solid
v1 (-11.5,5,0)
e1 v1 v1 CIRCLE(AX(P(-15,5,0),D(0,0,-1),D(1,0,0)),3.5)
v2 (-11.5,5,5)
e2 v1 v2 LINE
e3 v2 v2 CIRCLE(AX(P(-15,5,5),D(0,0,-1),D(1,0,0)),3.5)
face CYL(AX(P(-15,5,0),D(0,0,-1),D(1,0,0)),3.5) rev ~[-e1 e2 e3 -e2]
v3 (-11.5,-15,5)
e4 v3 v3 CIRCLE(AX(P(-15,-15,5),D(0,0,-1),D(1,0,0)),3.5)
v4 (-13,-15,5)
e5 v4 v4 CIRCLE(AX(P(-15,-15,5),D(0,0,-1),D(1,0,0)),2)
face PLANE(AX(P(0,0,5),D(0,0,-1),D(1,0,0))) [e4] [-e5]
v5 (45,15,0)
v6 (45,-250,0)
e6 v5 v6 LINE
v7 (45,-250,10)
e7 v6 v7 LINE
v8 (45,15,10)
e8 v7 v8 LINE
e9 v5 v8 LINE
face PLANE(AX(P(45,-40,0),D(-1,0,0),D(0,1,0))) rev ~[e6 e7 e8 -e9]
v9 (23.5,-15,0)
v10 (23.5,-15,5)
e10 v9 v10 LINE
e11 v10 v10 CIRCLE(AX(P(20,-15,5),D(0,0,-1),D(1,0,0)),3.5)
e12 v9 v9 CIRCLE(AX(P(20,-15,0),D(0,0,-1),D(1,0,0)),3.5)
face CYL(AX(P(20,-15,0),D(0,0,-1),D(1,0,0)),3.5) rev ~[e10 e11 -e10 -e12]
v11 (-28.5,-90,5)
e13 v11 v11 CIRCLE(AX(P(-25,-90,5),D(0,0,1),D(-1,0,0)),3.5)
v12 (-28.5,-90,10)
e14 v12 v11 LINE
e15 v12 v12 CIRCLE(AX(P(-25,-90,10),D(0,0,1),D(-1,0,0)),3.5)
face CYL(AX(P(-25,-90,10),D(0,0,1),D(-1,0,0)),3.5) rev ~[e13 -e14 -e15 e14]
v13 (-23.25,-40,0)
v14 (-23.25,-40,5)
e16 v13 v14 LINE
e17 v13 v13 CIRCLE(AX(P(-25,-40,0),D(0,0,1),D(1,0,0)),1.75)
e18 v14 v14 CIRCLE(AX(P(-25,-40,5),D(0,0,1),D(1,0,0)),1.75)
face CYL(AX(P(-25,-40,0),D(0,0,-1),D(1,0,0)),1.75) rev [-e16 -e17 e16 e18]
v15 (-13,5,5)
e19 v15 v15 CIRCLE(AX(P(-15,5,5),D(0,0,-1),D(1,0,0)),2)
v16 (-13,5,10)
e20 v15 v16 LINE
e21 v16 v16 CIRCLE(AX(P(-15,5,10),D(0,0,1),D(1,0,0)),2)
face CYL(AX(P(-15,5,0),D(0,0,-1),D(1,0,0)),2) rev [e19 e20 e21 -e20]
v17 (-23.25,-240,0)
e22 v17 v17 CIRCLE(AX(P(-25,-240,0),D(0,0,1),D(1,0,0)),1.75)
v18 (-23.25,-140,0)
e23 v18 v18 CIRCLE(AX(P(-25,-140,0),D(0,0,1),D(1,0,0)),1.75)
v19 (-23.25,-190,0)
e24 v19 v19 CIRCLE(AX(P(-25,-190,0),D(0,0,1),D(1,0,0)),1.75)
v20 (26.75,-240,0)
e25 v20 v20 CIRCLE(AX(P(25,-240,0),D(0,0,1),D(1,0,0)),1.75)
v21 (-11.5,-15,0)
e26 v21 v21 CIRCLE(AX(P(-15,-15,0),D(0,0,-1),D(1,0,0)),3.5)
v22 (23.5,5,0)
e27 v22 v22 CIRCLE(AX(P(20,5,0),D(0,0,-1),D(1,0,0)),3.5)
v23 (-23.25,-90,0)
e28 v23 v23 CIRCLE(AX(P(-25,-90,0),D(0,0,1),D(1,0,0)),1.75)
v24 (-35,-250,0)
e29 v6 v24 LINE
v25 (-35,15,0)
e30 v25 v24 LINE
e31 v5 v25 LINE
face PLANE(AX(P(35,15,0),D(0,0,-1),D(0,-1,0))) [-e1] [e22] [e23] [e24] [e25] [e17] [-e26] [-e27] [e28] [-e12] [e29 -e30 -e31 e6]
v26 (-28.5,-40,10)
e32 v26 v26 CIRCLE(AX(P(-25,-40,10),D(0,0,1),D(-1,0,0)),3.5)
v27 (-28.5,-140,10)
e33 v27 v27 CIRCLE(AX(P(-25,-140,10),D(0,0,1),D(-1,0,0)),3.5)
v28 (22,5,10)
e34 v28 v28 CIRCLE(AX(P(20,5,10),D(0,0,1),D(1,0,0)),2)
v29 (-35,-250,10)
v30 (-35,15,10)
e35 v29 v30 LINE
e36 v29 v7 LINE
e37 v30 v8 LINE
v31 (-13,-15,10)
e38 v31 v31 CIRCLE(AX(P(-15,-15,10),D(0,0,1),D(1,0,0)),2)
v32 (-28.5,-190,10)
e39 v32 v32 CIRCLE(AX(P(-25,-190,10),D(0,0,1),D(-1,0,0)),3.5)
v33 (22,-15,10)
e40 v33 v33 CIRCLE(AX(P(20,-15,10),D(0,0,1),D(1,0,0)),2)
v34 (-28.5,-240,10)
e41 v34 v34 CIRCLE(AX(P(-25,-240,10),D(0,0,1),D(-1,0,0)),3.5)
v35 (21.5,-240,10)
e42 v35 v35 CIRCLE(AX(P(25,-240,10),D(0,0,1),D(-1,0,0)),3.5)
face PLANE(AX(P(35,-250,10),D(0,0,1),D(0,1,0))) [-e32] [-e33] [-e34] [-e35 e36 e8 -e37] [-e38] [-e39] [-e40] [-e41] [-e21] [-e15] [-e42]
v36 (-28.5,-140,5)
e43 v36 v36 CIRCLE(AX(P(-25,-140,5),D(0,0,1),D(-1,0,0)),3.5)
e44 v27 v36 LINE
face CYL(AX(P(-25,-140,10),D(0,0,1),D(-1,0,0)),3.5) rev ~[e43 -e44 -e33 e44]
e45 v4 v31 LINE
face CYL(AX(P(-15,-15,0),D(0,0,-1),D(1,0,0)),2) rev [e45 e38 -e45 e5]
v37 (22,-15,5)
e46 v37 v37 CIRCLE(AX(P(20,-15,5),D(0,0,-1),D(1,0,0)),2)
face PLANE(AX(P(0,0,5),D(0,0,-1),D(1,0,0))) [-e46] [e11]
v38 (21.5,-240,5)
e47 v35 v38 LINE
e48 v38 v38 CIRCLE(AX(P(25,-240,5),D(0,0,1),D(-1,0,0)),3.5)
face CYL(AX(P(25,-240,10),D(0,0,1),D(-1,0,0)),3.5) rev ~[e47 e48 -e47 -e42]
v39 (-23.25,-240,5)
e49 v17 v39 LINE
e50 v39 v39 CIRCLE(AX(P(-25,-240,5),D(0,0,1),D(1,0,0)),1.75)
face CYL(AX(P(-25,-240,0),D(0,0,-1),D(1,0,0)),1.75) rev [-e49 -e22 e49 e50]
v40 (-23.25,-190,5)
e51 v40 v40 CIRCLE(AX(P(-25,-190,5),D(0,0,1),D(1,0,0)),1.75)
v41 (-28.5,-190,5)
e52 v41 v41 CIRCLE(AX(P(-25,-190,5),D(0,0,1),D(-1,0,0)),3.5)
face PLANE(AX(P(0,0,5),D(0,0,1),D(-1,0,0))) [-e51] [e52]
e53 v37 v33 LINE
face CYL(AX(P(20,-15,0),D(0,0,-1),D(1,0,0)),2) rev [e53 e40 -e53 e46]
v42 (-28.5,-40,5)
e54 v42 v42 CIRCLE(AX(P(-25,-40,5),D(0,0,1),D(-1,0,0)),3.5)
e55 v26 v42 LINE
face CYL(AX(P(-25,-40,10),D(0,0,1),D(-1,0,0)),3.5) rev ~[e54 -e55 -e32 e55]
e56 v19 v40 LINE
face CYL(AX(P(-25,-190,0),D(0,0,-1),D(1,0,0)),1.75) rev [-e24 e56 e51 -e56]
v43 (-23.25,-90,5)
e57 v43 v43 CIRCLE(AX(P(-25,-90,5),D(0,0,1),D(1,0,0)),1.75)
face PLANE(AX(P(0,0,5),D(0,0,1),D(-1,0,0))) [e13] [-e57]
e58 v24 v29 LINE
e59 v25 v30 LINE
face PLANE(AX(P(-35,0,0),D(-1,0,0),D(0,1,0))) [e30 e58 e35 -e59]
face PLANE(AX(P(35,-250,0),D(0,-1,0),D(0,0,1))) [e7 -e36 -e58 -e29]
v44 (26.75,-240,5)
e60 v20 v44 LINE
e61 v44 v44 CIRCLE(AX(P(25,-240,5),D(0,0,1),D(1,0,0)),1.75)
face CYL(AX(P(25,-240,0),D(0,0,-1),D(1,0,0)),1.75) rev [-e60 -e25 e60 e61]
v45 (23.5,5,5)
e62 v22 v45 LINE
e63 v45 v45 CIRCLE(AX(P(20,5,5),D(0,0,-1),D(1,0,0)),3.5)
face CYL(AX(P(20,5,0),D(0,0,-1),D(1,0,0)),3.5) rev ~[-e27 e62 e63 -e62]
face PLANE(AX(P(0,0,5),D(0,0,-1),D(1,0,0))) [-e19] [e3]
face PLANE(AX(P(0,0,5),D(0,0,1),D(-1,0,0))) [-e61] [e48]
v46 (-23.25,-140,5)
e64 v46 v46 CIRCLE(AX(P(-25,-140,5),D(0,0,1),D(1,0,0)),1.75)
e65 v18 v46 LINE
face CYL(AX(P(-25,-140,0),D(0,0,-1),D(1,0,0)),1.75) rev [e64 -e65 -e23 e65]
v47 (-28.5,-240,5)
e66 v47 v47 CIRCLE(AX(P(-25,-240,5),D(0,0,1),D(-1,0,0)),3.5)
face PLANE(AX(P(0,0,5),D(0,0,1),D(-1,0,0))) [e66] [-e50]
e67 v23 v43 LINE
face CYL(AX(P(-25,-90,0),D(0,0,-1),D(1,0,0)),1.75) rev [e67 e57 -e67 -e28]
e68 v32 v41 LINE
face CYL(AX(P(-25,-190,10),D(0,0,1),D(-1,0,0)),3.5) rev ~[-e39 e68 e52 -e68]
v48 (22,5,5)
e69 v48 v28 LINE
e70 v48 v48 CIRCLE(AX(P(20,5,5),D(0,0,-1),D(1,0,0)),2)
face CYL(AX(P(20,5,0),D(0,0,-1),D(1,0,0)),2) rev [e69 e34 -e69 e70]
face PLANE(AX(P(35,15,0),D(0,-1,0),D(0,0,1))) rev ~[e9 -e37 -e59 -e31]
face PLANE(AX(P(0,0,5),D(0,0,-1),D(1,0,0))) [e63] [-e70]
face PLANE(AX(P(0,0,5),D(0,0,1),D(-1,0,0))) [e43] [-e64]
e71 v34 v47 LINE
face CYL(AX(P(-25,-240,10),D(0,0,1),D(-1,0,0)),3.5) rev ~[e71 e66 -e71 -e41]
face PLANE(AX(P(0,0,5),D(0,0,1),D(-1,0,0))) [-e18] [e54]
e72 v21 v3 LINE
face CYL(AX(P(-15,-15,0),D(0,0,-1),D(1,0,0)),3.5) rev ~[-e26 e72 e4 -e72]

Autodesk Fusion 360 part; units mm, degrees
sketch "Szkic1" plane through (0, 0, 0) normal (0, 0, 1) x (1, 0, 0)
  circle A0 centre (-15, -15) radius 2
  circle A1 centre (-15, 5) radius 2
  circle A2 centre (20, 5) radius 2
  circle A3 centre (-15, 5) radius 2
  line L0 (-35, 0) -> (-35, 15)
  line L1 (-10, -40) -> (-35, -40)
  circle A4 centre (20, -15) radius 2
  line L2 (-35, -40) -> (35, -40)
  circle A5 centre (-15, -15) radius 2
  line L3 (-35, 15) -> (-10, 15)
  line L4 (35, -40) -> (35, 15)
  line L5 (-35, -40) -> (-35, 0)
  line L6 (-35, 15) -> (-35, -40)
  line L7 (35, 15) -> (-35, 15)
  line L8 (-10, 15) -> (-10, -40)
  line L9 (-35, -40) -> (-35, -250)
  line L10 (35, -40) -> (35, -250)
  line L11 (-35, -250) -> (35, -250)
  circle A6 centre (-25, -240) radius 1.75
  circle A7 centre (25, -240) radius 1.75
  circle A8 centre (-25, -190) radius 1.75
  circle A9 centre (-25, -140) radius 1.75
  circle A10 centre (-25, -90) radius 1.75
  circle A11 centre (-25, -40) radius 1.75
  dimension "d10" = 4
  dimension "d11" = 4
  dimension "d12" = 4
  dimension "d13" = 210
  dimension "d14" = 210
  dimension "d15" = 3.5
  dimension "d16" = 3.5
  dimension "d17" = 3.5
  dimension "d18" = 3.5
  dimension "d19" = 3.5
  dimension "d20" = 3.5
extrude "Wyciągnięcie proste1" add sketch "Szkic1" along normal blind 10 contours L0 L1 L2 L3 L5 L6 L7 L8 A11 | L1 L2 L9 L10 L11 A11 | L2 L4 L7 L8
extrude "Wyciągnięcie proste2" add 2 faces at (35, -110, 6.6667) (35, -21.6667, 3.3333) along direction (1, 0, 0) blind 10
sketch "Szkic2" plane through (0, 0, 0) normal (0, 0, -1) x (1, 0, 0)
  circle A0 centre (-25, 240) radius 1.75
  circle A1 centre (-25, 190) radius 1.75
  circle A2 centre (-25, 40) radius 1.75
  circle A3 centre (25, 240) radius 1.75
  circle A4 centre (20, -5) radius 2
  circle A5 centre (-25, 90) radius 1.75
  circle A6 centre (-15, 15) radius 2
  circle A7 centre (-25, 140) radius 1.75
  circle A8 centre (-15, -5) radius 2
  circle A9 centre (20, 15) radius 2
  line L0 (45, 250) -> (-35, 250)
  line L1 (-35, 250) -> (-35, -15)
  line L2 (-35, -15) -> (45, -15)
  line L3 (45, -15) -> (45, 250)
  circle A10 centre (-15, -5) radius 3.5
  circle A11 centre (20, -5) radius 3.5
  circle A12 centre (-15, 15) radius 3.5
  circle A13 centre (20, 15) radius 3.5
  dimension "d25" = 7
  dimension "d26" = 7
  dimension "d27" = 7
  dimension "d28" = 7
extrude "Wyciągnięcie proste3" cut sketch "Szkic2" against normal blind 5 contours A10 | A11 | A12 | A13
sketch "Szkic3" plane through (0, 0, 10) normal (0, 0, 1) x (-1, 0, 0)
  circle A0 centre (25, 240) radius 1.75
  circle A1 centre (25, 190) radius 1.75
  circle A2 centre (25, 40) radius 1.75
  circle A3 centre (-25, 240) radius 1.75
  circle A4 centre (-20, -5) radius 2
  circle A5 centre (25, 90) radius 1.75
  circle A6 centre (15, 15) radius 2
  circle A7 centre (25, 140) radius 1.75
  circle A8 centre (15, -5) radius 2
  circle A9 centre (-20, 15) radius 2
  line L0 (-45, -15) -> (35, -15)
  line L1 (35, -15) -> (35, 250)
  line L2 (35, 250) -> (-45, 250)
  line L3 (-45, 250) -> (-45, -15)
  circle A10 centre (-25, 240) radius 3.5
  circle A11 centre (25, 240) radius 3.5
  circle A12 centre (25, 190) radius 3.5
  circle A13 centre (25, 140) radius 3.5
  circle A14 centre (25, 90) radius 3.5
  circle A15 centre (25, 40) radius 3.5
  dimension "d31" = 7
  dimension "d32" = 7
  dimension "d33" = 7
  dimension "d34" = 7
  dimension "d35" = 7
  dimension "d36" = 7
extrude "Wyciągnięcie proste4" cut sketch "Szkic3" against normal blind 5 contours A10 | A11 | A12 | A13 | A14 | A15
